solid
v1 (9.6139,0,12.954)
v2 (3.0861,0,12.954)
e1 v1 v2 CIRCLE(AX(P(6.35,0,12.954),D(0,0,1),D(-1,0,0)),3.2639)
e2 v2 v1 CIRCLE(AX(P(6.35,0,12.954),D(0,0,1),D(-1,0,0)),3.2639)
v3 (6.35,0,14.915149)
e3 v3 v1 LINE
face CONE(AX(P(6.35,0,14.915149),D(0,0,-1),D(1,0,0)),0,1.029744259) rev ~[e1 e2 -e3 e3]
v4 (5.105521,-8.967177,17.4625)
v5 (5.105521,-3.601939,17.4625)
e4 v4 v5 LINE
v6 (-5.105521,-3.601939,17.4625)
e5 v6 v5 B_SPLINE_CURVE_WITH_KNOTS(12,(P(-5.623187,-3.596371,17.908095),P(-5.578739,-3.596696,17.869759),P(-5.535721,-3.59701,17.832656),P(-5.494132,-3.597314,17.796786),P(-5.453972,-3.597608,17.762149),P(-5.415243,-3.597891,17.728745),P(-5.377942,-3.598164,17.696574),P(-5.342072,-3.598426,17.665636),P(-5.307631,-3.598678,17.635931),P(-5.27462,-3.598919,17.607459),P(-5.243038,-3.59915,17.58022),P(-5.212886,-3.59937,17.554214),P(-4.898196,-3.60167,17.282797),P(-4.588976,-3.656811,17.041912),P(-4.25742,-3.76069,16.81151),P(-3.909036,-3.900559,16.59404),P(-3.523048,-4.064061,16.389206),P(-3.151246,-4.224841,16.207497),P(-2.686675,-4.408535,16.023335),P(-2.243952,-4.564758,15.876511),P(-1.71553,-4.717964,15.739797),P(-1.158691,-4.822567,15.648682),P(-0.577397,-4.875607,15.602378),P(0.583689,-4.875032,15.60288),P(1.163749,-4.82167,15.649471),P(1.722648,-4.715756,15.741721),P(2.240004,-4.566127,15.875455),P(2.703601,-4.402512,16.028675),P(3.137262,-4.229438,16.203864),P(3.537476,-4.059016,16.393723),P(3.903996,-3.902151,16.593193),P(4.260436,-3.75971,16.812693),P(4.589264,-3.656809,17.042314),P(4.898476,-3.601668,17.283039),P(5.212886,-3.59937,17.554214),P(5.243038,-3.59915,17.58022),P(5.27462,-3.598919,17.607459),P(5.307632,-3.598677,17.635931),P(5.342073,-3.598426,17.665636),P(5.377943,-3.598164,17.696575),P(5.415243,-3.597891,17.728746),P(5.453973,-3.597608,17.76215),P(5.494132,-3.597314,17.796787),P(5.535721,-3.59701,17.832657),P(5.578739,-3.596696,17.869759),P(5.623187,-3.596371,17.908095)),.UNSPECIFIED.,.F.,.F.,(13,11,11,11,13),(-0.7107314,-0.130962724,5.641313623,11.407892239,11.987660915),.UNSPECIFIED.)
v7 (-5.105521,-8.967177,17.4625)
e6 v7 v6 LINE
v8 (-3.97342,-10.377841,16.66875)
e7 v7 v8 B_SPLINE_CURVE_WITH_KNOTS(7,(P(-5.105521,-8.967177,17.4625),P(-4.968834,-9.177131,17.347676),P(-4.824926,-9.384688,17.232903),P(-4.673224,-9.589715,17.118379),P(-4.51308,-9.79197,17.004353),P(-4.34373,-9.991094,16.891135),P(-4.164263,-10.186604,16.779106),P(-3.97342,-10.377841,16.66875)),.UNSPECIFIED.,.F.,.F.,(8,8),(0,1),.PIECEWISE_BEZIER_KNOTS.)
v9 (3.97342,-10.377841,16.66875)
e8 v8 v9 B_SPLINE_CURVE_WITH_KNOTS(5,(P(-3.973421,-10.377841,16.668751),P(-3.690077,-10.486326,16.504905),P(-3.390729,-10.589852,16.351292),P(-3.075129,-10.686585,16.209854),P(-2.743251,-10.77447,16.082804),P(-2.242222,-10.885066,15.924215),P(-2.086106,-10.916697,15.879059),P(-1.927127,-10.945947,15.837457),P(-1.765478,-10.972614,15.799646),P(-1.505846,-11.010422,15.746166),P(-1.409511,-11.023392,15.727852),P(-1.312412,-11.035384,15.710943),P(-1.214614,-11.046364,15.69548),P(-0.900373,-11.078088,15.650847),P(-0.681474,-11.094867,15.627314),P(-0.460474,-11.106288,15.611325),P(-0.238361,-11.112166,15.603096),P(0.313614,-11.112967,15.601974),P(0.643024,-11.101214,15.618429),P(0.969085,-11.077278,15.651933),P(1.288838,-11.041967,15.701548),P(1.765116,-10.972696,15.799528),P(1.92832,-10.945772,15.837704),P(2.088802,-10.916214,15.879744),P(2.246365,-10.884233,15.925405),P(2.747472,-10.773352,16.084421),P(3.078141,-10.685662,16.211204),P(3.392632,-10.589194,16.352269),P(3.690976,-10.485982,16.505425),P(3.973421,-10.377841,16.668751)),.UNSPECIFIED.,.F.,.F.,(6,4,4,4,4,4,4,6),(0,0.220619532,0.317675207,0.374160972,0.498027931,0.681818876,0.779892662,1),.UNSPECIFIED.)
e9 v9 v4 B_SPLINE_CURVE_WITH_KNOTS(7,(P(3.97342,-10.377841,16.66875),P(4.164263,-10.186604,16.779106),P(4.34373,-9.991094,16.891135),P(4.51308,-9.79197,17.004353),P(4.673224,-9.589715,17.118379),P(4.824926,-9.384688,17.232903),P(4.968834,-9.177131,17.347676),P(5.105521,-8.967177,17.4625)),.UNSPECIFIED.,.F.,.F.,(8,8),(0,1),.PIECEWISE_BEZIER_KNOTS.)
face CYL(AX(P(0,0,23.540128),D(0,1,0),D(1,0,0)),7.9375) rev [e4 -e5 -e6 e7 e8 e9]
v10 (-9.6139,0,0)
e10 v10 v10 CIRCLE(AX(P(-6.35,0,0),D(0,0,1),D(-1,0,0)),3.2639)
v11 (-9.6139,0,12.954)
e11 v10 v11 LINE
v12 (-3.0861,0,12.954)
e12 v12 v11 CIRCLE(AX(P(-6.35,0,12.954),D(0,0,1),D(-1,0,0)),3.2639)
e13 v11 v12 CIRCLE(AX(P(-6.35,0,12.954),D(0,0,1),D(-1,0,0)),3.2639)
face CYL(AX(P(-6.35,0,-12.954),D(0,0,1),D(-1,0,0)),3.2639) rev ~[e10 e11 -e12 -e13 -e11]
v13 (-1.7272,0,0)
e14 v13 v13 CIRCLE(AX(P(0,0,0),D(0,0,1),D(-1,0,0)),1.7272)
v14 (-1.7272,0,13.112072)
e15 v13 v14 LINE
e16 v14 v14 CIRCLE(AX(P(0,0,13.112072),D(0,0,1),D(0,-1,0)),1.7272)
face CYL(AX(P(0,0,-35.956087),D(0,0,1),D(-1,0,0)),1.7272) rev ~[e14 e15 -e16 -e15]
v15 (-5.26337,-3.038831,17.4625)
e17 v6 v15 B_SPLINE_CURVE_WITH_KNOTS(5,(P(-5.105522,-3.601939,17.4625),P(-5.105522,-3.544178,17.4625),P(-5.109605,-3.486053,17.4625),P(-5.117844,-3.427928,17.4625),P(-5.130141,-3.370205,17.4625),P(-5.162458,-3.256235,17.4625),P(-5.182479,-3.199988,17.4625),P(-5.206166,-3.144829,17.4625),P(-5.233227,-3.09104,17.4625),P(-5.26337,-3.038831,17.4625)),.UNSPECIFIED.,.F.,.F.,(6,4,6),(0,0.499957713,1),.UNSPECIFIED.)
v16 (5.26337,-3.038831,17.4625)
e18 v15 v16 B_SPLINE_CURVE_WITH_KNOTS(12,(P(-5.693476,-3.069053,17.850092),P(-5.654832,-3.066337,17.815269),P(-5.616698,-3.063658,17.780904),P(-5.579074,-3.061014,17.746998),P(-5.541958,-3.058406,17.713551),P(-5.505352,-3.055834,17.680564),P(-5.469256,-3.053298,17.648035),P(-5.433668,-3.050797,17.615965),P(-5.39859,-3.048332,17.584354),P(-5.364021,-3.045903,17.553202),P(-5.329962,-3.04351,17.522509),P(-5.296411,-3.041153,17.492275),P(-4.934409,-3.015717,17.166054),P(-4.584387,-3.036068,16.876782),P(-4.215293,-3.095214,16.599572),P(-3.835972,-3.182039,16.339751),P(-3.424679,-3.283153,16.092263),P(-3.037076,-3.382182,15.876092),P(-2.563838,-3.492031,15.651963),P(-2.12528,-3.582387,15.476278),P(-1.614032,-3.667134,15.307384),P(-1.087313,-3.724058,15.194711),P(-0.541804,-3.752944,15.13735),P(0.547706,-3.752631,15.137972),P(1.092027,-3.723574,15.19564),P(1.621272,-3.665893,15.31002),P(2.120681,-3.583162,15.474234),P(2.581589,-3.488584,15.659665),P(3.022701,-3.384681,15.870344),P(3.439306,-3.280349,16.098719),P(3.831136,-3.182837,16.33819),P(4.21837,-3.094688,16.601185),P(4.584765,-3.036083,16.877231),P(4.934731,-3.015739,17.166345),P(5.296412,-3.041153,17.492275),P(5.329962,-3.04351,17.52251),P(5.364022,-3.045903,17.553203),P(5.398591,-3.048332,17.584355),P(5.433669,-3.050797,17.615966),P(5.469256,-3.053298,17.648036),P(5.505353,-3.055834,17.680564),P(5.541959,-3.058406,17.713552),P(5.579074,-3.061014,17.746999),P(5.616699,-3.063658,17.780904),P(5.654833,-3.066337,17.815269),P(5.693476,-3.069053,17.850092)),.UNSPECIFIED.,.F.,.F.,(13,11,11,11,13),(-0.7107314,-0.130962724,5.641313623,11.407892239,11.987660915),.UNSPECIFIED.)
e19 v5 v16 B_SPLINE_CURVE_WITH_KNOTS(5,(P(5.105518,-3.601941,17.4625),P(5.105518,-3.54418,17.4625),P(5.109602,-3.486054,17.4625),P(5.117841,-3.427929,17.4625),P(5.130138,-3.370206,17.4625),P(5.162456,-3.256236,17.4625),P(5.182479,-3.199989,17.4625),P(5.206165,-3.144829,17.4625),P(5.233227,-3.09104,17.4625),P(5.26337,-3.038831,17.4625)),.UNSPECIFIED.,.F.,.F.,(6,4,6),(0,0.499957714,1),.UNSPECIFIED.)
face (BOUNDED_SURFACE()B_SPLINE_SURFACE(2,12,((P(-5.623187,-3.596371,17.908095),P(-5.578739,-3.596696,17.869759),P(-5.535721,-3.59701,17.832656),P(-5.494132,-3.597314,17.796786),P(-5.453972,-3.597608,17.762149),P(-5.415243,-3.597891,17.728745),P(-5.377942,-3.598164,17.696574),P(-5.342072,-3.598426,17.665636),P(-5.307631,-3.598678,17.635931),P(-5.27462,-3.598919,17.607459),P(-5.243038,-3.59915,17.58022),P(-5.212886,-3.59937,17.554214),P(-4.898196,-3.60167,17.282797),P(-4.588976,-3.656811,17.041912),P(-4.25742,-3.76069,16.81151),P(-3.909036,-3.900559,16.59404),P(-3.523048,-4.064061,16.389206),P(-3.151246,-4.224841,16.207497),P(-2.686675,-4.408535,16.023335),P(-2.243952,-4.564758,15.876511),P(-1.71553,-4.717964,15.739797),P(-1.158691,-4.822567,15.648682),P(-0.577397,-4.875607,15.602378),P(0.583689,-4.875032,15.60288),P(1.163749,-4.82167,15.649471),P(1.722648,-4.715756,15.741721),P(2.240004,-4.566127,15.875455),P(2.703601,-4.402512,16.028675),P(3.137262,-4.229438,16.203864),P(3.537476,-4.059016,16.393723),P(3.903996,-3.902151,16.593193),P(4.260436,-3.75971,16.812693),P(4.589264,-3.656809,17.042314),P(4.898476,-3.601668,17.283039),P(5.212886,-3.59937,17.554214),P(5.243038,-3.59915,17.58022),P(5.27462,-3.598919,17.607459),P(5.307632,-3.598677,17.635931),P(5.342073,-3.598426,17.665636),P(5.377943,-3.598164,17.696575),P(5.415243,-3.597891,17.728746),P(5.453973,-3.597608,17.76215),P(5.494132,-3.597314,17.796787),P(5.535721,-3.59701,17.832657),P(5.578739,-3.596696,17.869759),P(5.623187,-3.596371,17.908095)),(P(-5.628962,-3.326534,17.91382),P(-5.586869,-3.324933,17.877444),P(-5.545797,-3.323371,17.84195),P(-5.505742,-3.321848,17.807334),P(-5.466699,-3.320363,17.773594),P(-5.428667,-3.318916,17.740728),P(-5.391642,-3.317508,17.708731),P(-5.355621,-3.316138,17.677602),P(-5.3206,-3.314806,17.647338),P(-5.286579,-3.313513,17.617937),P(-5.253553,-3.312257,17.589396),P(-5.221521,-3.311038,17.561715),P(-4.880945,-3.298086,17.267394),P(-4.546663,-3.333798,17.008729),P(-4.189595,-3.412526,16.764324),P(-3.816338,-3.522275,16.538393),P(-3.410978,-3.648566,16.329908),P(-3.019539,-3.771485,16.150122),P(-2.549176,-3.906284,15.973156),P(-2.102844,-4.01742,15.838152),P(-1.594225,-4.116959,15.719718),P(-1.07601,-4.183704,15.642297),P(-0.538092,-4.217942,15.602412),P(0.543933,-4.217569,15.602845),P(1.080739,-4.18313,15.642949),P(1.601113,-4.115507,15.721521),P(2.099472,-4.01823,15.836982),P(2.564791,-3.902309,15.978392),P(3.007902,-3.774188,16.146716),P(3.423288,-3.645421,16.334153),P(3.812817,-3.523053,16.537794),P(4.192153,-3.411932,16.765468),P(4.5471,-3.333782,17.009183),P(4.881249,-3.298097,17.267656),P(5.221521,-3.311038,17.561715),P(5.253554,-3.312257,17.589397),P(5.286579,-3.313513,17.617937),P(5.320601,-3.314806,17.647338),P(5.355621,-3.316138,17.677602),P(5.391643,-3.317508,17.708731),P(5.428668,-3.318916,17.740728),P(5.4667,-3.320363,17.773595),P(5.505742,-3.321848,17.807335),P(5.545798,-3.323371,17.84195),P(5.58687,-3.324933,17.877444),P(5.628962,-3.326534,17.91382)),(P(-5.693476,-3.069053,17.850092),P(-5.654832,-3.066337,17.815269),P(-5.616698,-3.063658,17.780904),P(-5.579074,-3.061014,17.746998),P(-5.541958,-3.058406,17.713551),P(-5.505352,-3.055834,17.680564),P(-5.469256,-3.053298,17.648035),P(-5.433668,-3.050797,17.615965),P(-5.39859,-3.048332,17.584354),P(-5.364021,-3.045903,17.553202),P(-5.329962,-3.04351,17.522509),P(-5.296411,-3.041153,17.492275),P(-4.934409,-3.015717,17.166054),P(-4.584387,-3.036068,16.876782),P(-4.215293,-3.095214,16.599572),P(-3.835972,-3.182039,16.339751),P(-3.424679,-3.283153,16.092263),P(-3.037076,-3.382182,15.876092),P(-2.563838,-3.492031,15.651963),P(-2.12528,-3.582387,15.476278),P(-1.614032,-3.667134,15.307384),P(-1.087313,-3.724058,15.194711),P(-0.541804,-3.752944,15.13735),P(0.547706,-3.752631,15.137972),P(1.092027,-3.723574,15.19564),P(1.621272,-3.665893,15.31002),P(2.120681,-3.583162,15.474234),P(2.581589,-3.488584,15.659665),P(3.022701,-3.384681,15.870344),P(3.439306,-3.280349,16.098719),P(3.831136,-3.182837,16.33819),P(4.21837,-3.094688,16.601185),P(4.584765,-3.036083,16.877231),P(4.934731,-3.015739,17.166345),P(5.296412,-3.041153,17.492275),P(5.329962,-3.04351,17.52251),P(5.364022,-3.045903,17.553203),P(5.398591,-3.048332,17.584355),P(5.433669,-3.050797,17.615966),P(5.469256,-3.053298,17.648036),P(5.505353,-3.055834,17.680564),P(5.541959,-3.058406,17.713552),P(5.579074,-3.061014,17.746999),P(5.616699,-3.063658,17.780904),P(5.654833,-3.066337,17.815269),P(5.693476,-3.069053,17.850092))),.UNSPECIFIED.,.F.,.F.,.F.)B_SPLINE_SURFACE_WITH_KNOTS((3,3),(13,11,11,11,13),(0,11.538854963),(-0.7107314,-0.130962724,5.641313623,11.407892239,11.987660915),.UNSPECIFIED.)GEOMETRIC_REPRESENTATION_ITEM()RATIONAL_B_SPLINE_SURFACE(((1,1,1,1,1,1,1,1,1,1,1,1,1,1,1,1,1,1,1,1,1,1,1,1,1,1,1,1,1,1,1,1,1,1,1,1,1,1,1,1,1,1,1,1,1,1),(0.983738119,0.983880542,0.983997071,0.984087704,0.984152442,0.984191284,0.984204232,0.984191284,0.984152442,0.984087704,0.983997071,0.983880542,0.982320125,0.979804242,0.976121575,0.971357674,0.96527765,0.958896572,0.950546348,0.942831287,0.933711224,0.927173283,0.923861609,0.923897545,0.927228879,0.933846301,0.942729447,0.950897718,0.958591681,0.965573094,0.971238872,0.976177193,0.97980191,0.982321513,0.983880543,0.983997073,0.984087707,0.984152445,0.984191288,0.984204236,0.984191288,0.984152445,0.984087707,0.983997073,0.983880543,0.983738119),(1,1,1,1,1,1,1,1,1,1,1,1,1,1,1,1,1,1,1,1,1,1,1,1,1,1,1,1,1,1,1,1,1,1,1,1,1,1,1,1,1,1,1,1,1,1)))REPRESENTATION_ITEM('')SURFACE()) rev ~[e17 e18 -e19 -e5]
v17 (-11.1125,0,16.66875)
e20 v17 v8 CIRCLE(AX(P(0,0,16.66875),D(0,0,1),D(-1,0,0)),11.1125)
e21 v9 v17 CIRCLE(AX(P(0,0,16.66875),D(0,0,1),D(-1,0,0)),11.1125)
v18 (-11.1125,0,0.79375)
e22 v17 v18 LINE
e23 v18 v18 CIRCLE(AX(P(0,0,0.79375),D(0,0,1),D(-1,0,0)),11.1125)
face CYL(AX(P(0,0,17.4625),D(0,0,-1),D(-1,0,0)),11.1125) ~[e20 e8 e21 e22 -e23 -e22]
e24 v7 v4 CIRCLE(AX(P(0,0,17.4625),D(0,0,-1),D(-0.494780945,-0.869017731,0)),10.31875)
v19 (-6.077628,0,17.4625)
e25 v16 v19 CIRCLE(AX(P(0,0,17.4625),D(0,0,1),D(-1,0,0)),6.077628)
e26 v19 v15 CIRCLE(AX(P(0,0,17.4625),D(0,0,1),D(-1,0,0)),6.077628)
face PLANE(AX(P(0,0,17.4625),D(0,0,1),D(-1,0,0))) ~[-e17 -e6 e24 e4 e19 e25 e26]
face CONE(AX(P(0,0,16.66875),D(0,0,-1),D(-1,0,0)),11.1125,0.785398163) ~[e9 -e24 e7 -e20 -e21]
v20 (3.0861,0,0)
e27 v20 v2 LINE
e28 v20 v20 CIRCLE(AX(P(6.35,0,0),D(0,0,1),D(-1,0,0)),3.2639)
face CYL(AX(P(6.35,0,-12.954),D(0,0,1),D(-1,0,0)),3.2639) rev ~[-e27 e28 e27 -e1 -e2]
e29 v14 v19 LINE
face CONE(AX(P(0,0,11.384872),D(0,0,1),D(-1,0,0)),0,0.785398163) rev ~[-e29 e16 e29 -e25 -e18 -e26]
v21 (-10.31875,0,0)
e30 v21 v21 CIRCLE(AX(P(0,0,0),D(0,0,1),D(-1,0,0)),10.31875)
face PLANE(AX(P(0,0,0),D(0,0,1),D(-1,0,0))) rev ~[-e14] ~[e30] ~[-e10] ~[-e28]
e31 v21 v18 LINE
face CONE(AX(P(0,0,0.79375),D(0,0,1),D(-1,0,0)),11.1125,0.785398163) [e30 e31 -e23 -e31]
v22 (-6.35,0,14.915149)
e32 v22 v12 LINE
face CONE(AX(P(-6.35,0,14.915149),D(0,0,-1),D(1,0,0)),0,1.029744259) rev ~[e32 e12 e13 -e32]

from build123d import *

# Parameters (mm, degrees)
F2_SIZE  = 0.79375
F3_R     = 7.9375
F4_DEPTH = 25.4
F5_R     = 1.5875
F7_D     = 3.4544
F8_D     = 6.5278
F8_DEPTH = 12.954
F8_TIP   = 1.9611489744


with BuildPart() as f1:
    # F0 (on Front) → F1 (revolve)
    with BuildSketch(Plane.XZ):
        Polygon((-11.1125, 0), (0, 0), (0, 11.3848719395), (-6.0776280605, 17.4625), (-11.1125, 17.4625), align=None)
    revolve(axis=Axis((0, 0, 5.6924359697), (0, 0, 1)))

    # F2
    f2_edges = [f1.edges().sort_by_distance(p)[0] for p in [
        (11.1125, 0, 0),
        (11.1125, 0, 17.4625),
    ]]
    chamfer(f2_edges, length=F2_SIZE)

    # F3 (on Front) → F4 (cut)
    with BuildSketch(Plane.XZ):
        with Locations((0, 23.5401280605)):
            Circle(F3_R)
    extrude(amount=F4_DEPTH, mode=Mode.SUBTRACT)

    # F5
    f5_edges = [f1.edges().sort_by_distance(p)[0] for p in [
        (0, -4.217756, 15.602628),
    ]]
    fillet(f5_edges, radius=F5_R)

    # F7 (through all)
    with Locations(Plane(origin=(0, 0, 0), x_dir=(1, 0, 0), z_dir=(0, 0, -1))):
        with Locations((0, 0)):
            Hole(F7_D / 2)

    # F8
    with Locations(Plane(origin=(0, 0, 0), x_dir=(1, 0, 0), z_dir=(0, 0, -1))):
        with Locations((6.35, 0), (-6.35, 0)):
            Hole(F8_D / 2, depth=F8_DEPTH)
            with Locations((0, 0, -(F8_DEPTH + F8_TIP / 2))):  # 118° drill point
                Cone(0, F8_D / 2, F8_TIP, mode=Mode.SUBTRACT)


solid = f1.part
